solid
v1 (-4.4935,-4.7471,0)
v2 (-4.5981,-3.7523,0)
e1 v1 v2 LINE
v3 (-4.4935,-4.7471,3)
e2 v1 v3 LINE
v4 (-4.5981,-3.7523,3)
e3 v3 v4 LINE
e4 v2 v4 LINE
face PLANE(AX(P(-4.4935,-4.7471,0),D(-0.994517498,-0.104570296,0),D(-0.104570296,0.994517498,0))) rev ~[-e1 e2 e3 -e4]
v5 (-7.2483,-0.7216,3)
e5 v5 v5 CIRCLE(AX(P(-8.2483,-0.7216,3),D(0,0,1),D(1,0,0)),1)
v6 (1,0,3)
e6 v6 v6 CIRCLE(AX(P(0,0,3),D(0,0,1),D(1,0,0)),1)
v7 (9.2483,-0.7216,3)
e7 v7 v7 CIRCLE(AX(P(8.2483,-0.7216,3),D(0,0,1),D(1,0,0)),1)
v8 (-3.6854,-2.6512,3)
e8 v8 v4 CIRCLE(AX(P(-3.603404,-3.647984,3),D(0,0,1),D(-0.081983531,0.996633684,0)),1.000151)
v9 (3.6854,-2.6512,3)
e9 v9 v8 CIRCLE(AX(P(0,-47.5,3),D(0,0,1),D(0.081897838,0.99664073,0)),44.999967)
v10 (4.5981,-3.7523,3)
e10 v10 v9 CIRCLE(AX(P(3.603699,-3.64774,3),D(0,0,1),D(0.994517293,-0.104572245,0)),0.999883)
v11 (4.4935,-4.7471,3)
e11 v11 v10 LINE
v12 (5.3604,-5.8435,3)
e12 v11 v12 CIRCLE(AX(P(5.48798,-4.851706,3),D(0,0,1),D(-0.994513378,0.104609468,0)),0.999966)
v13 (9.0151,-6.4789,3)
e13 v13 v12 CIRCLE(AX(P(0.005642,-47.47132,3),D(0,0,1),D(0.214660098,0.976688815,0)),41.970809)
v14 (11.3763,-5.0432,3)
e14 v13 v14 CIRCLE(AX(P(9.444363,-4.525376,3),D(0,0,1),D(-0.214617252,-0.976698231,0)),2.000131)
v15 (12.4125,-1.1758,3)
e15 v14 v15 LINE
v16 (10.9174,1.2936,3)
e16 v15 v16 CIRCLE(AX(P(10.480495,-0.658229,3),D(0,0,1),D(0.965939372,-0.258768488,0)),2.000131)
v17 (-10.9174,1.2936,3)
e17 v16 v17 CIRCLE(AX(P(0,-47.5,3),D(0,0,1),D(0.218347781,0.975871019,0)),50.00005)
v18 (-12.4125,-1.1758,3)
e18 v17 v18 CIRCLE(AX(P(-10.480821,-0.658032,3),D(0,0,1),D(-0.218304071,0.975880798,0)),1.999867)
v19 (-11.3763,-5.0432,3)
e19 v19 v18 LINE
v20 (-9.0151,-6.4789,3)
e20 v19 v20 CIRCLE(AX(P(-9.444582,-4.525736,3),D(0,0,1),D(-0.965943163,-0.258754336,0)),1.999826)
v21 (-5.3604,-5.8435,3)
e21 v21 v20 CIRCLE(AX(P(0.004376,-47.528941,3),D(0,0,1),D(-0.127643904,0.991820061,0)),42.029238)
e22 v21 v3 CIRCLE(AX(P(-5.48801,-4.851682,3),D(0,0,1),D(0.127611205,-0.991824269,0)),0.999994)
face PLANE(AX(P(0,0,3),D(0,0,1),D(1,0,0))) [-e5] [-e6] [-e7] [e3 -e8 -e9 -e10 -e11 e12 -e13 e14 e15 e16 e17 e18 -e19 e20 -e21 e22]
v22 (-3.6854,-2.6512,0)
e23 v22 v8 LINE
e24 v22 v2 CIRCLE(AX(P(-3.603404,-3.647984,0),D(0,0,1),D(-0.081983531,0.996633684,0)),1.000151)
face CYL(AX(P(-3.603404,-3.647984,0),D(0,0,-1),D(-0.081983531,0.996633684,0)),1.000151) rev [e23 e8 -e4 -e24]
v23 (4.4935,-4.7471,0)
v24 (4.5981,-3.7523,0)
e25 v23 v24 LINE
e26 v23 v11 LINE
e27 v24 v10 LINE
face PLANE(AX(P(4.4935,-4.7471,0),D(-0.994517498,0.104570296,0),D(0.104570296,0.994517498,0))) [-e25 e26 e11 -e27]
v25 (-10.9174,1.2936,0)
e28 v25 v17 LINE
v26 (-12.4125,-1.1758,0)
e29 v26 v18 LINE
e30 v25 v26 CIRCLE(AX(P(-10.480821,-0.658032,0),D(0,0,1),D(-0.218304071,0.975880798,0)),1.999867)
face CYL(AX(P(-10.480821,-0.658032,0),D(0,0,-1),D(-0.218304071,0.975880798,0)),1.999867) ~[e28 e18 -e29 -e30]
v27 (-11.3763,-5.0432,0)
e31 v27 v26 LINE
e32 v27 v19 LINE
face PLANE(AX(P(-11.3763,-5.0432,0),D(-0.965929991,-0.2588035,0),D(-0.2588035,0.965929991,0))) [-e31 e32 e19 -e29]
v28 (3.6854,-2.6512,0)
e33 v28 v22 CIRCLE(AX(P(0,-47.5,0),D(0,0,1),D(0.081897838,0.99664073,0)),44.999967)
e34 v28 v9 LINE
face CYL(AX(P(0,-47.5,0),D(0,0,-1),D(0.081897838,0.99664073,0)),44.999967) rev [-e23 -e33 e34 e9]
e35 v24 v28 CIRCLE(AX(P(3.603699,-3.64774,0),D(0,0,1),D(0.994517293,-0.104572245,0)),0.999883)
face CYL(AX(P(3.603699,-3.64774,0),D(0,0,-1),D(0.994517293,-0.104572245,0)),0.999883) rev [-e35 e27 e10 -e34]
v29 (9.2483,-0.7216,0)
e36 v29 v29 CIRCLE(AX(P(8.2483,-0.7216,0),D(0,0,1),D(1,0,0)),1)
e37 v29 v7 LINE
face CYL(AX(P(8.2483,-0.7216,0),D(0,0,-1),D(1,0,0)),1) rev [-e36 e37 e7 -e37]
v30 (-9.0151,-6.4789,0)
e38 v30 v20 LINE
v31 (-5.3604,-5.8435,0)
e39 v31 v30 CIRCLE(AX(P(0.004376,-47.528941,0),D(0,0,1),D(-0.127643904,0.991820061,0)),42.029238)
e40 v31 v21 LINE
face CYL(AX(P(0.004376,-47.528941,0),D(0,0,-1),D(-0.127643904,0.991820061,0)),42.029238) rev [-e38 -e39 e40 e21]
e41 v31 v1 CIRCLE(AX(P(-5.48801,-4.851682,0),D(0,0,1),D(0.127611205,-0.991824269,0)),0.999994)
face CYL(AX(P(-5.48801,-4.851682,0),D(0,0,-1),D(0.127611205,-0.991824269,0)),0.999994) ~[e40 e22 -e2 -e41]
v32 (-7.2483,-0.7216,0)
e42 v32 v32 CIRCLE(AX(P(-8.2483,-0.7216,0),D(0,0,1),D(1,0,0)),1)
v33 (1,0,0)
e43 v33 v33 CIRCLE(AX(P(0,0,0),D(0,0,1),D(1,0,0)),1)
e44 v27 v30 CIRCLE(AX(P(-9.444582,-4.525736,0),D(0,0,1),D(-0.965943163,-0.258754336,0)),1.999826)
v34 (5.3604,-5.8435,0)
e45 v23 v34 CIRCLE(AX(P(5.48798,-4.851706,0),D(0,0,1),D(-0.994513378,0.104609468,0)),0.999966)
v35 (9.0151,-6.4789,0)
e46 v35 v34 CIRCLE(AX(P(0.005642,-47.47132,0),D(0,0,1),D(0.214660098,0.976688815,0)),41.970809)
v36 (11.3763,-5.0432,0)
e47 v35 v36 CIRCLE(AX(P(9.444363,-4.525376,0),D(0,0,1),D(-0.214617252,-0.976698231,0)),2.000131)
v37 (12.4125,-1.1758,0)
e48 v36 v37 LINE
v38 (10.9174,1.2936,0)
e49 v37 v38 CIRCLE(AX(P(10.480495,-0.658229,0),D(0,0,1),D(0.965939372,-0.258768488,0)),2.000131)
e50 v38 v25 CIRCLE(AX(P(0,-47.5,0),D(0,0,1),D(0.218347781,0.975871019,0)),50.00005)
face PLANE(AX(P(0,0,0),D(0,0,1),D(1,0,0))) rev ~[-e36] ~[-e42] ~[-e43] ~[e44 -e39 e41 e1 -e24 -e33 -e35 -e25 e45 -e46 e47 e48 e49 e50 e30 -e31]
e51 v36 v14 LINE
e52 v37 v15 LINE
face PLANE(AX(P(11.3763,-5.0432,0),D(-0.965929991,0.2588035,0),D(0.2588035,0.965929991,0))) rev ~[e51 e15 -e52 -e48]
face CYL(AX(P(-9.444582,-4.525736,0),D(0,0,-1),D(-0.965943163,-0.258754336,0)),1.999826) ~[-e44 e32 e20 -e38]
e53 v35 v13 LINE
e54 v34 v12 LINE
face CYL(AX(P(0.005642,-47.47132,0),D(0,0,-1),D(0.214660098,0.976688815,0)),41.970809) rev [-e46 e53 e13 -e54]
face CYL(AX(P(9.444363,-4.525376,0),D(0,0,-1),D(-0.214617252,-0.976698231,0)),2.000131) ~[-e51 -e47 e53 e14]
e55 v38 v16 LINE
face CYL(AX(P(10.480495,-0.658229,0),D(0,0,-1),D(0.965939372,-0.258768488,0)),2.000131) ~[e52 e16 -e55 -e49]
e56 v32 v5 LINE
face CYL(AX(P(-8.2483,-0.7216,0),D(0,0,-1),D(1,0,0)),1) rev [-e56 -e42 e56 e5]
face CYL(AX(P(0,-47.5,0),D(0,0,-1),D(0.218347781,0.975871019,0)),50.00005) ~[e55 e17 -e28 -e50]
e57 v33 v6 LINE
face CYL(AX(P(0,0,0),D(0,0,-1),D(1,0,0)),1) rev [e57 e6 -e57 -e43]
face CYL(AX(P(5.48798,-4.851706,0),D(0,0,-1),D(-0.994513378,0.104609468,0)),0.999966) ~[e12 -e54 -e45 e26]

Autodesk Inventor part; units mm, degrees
ref_plane "YZ Plane" through (0, 0, 0) normal (1, 0, 0) x (0, 1, 0)
ref_plane "XZ Plane" through (0, 0, 0) normal (0, 1, 0) x (-1, 0, 0)
ref_plane "XY Plane" through (0, 0, 0) normal (0, 0, 1) x (1, 0, 0)
sketch "Sketch1" plane through (0, 0, 0) normal (0, 0, 1) x (1, 0, 0)
  circle A0 centre (0, 0) radius 1
  arc A1 (10.9174, 1.2936) -> (-10.9174, 1.2936) centre (0, -47.5) ccw
  line L0 (-11.3763, -5.0432) -> (-12.4125, -1.1758)
  line L1 (0, -47.5) -> (0, 2.5) construction
  line L2 (11.3763, -5.0432) -> (12.4125, -1.1758)
  line L3 (-10.8704, -6.9311) -> (0, -47.5) construction
  line L4 (-4.4935, -4.7471) -> (-4.5981, -3.7523)
  line L5 (4.4935, -4.7471) -> (4.5981, -3.7523)
  arc A2 (9.0151, -6.4789) -> (5.3604, -5.8435) centre (0, -47.5) ccw
  arc A3 (-5.3604, -5.8435) -> (-9.0151, -6.4789) centre (0, -47.5) ccw
  line L6 (0, -47.5) -> (-4.3902, -5.7301) construction
  arc A4 (3.6854, -2.6512) -> (-3.6854, -2.6512) centre (0, -47.5) ccw
  circle A5 centre (0, -47.5) radius 47.5 construction
  circle A6 centre (8.2483, -0.7216) radius 1
  circle A7 centre (-8.2483, -0.7216) radius 1
  line L7 (0, -47.5) -> (-8.2483, -0.7216) construction
  arc A8 (-10.9174, 1.2936) -> (-12.4125, -1.1758) centre (-10.4807, -0.6582) ccw
  arc A9 (-11.3763, -5.0432) -> (-9.0151, -6.4789) centre (-9.4444, -4.5256) ccw
  arc A10 (12.4125, -1.1758) -> (10.9174, 1.2936) centre (10.4807, -0.6582) ccw
  arc A11 (9.0151, -6.4789) -> (11.3763, -5.0432) centre (9.4444, -4.5256) ccw
  arc A12 (-3.6854, -2.6512) -> (-4.5981, -3.7523) centre (-3.6035, -3.6478) ccw
  arc A13 (4.5981, -3.7523) -> (3.6854, -2.6512) centre (3.6035, -3.6478) ccw
  arc A14 (4.4935, -4.7471) -> (5.3604, -5.8435) centre (5.488, -4.8517) ccw
  arc A15 (-5.3604, -5.8435) -> (-4.4935, -4.7471) centre (-5.488, -4.8517) ccw
  point P0 (-12.941, 0.7963)
  point P1 (12.941, 0.7963)
  point P2 (-10.8704, -6.9311)
  point P3 (10.8704, -6.9311)
  point P4 (-4.7038, -2.7465)
  point P5 (4.7038, -2.7465)
  point P6 (-4.3902, -5.7301)
  point P7 (4.3902, -5.7301)
  dimension "d0" = 2
  dimension "d1" = 100
  dimension "d2" = 47.5
  dimension "d4" = 30
  dimension "d5" = 15
  dimension "d7" = 12
  dimension "d8" = 42
  dimension "d9" = 45
  dimension "d10" = 2
  dimension "d11" = 10
  dimension "d12" = 2
  dimension "d13" = 1
extrude "Extrusion1" add sketch "Sketch1" along normal blind 3
properties part number "bump_sensor_mount"
